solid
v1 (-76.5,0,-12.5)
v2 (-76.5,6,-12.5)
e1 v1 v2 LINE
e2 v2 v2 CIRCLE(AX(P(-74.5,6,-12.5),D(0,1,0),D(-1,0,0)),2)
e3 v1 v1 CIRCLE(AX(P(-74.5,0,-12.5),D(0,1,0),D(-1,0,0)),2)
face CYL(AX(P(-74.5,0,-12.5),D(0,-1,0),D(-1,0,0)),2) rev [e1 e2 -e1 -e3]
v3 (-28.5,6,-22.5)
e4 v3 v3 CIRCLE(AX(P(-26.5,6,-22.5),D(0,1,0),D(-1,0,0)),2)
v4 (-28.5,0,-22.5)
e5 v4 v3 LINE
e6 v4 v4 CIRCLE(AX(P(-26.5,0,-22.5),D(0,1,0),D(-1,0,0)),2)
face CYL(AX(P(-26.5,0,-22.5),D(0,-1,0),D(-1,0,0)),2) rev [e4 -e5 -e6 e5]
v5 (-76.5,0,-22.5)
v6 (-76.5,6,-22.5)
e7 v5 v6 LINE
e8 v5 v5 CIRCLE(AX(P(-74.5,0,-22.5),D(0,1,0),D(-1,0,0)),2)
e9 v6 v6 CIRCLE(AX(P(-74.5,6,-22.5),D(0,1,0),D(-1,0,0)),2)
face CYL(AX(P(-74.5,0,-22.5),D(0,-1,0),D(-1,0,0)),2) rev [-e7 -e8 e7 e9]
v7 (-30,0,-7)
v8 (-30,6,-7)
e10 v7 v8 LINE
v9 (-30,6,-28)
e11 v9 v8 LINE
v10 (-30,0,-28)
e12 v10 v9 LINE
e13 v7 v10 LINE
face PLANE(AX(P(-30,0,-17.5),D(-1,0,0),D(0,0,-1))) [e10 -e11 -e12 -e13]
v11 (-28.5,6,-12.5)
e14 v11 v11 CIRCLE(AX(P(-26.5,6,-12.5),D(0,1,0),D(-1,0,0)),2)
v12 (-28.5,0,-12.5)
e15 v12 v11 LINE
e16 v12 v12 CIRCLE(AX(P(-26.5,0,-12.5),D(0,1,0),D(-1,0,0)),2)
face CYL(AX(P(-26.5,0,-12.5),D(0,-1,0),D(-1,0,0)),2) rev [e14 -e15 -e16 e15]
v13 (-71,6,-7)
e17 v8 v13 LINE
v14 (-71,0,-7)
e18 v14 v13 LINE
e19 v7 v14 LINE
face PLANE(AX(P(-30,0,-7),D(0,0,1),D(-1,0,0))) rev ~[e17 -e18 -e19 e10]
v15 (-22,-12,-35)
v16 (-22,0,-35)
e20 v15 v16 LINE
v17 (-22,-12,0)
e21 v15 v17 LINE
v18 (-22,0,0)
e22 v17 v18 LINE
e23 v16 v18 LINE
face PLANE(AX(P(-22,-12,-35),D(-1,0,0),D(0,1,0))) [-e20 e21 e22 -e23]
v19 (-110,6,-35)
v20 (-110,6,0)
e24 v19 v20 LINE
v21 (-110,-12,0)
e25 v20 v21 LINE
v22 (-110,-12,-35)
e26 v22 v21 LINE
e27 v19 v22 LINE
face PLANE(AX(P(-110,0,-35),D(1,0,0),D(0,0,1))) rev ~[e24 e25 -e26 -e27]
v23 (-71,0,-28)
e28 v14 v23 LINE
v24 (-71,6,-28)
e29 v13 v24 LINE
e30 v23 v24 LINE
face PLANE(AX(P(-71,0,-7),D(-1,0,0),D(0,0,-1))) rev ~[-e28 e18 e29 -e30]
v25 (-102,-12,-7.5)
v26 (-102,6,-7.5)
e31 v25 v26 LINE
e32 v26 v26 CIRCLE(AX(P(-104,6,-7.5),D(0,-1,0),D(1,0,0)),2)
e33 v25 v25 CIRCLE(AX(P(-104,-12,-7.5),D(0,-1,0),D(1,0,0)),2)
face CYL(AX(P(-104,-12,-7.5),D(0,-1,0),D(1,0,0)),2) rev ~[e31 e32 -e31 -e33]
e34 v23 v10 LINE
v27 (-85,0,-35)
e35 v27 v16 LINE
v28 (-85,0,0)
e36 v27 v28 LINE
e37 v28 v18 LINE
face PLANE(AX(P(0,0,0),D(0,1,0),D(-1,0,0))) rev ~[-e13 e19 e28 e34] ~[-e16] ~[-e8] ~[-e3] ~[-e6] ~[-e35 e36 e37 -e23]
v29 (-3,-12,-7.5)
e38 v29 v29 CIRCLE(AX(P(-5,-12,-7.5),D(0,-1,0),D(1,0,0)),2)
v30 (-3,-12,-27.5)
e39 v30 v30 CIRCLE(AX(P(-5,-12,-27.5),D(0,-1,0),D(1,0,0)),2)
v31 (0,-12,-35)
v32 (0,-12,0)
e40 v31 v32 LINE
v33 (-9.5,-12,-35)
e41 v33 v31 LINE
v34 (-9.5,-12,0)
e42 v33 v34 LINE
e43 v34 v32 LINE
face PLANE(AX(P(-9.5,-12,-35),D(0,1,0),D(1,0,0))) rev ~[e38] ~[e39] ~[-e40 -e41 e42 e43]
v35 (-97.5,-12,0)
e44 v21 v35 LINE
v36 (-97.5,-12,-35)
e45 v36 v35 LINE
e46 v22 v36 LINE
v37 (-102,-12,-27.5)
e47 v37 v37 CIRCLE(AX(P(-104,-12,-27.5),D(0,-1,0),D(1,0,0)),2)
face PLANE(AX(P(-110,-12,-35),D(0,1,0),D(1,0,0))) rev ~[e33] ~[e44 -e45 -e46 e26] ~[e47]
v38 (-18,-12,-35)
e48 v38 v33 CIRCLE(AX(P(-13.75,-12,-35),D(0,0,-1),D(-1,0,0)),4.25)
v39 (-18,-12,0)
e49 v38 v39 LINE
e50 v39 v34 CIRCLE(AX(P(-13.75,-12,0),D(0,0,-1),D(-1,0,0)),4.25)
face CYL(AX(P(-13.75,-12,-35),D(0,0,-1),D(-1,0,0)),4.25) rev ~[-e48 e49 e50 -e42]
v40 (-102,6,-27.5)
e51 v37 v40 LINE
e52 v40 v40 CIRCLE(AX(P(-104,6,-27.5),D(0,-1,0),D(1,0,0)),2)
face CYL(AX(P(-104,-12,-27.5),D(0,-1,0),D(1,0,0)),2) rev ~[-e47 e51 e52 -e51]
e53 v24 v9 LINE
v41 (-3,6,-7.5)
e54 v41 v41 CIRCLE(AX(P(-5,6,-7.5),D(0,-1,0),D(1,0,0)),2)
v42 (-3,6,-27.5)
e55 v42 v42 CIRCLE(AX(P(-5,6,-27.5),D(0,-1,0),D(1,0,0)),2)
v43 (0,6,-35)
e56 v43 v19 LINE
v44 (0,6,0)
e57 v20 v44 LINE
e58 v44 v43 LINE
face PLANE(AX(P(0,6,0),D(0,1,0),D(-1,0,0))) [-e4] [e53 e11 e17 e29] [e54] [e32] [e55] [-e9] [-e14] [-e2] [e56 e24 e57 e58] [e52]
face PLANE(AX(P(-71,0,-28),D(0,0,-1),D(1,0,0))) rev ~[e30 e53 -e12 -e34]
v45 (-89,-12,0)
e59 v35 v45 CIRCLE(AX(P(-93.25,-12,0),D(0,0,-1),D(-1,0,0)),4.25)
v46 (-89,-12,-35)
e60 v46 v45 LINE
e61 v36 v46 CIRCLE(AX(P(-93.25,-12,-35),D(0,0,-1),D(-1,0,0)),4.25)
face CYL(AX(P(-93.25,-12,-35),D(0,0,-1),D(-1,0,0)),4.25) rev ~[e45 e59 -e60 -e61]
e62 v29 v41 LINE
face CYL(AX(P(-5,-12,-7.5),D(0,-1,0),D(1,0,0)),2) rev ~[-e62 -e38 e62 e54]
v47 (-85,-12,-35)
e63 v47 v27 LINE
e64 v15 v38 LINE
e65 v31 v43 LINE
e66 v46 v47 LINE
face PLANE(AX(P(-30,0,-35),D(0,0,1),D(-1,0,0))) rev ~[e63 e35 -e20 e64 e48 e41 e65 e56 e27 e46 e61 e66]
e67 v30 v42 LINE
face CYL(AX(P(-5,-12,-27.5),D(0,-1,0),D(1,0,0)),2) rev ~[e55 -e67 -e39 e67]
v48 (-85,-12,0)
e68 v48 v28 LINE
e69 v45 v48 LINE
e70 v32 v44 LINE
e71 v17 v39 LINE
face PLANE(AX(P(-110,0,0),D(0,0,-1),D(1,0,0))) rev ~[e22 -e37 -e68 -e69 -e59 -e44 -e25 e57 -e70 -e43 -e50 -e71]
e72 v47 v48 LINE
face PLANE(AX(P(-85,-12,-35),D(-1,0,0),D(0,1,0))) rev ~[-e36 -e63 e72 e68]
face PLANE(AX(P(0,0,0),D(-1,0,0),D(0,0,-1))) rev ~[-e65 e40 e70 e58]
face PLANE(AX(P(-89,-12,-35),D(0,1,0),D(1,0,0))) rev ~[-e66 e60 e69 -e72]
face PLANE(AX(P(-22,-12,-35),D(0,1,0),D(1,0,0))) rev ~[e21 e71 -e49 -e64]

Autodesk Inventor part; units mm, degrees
ref_plane "YZ Plane" through (0, 0, 0) normal (1, 0, 0) x (0, 1, 0)
ref_plane "XZ Plane" through (0, 0, 0) normal (0, 1, 0) x (-1, 0, 0)
ref_plane "XY Plane" through (0, 0, 0) normal (0, 0, 1) x (1, 0, 0)
sketch "Sketch1" plane through (0, 0, 0) normal (0, 1, 0) x (-1, 0, 0)
  line L0 (0, 0) -> (0, -35)
  line L1 (0, -35) -> (110, -35)
  line L2 (110, -35) -> (110, 0)
  line L3 (110, 0) -> (0, 0)
  line L4 (0, -35) -> (30, -35)
  line L5 (30, -17.5) -> (30, -28)
  line L6 (30, -28) -> (30, -7)
  line L7 (30, -7) -> (71, -7)
  line L8 (71, -7) -> (71, -28)
  line L9 (71, -28) -> (30, -28)
  circle A0 centre (74.5, -12.5) radius 2
  circle A1 centre (74.5, -22.5) radius 2
  circle A2 centre (26.5, -22.5) radius 2
  circle A3 centre (26.5, -12.5) radius 2
  dimension "d0" = 35
  dimension "d1" = 110
  dimension "d4" = 21
  dimension "d5" = 41
  dimension "d6" = 21
  dimension "d10" = 4
  dimension "d11" = 4
  dimension "d15" = 4
  dimension "d16" = 4
extrude "Extrusion1" add sketch "Sketch1" along normal blind 6
sketch "Sketch2" plane through (0, 0, -35) normal (0, 0, -1) x (-1, 0, 0)
  line L0 (0, 0) -> (0, 6) projected
  line L1 (0, 0) -> (0, -12)
  line L2 (22, -12) -> (22, 0)
  line L3 (0, 0) -> (110, 0) projected
  line L4 (22, -12) -> (18, -12)
  arc A0 (18, -12) -> (9.5, -12) centre (13.75, -12) ccw
  line L5 (9.5, -12) -> (0, -12)
  line L6 (110, 0) -> (110, -12)
  line L7 (85, -12) -> (85, 0)
  arc A1 (97.5, -12) -> (89, -12) centre (93.25, -12) ccw
  line L8 (89, -12) -> (85, -12)
  line L9 (110, -12) -> (97.5, -12)
  dimension "d19" = 12
  dimension "d20" = 22
  dimension "d21" = 4
  dimension "d23" = 8.5
  dimension "d24" = 12
  dimension "d25" = 25
  dimension "d26" = 8.5
  dimension "d27" = 8.25
extrude "Extrusion2" add sketch "Sketch2" against normal blind 35
sketch "Sketch3" plane through (-110, -12, -35) normal (0, -1, 0) x (1, 0, 0)
  line L0 (0, 0) -> (0, 35) projected
  circle A0 centre (6, 7.5) radius 2
  circle A1 centre (6, 27.5) radius 2
  line L1 (110, 35) -> (110, 0) projected
  circle A2 centre (105, 27.5) radius 2
  circle A3 centre (105, 7.5) radius 2
  dimension "d33" = 4
  dimension "d34" = 4
  dimension "d38" = 4
  dimension "d39" = 4
extrude "Extrusion3" cut sketch "Sketch3" against normal blind 18
properties part number "g_servo mount 1"
